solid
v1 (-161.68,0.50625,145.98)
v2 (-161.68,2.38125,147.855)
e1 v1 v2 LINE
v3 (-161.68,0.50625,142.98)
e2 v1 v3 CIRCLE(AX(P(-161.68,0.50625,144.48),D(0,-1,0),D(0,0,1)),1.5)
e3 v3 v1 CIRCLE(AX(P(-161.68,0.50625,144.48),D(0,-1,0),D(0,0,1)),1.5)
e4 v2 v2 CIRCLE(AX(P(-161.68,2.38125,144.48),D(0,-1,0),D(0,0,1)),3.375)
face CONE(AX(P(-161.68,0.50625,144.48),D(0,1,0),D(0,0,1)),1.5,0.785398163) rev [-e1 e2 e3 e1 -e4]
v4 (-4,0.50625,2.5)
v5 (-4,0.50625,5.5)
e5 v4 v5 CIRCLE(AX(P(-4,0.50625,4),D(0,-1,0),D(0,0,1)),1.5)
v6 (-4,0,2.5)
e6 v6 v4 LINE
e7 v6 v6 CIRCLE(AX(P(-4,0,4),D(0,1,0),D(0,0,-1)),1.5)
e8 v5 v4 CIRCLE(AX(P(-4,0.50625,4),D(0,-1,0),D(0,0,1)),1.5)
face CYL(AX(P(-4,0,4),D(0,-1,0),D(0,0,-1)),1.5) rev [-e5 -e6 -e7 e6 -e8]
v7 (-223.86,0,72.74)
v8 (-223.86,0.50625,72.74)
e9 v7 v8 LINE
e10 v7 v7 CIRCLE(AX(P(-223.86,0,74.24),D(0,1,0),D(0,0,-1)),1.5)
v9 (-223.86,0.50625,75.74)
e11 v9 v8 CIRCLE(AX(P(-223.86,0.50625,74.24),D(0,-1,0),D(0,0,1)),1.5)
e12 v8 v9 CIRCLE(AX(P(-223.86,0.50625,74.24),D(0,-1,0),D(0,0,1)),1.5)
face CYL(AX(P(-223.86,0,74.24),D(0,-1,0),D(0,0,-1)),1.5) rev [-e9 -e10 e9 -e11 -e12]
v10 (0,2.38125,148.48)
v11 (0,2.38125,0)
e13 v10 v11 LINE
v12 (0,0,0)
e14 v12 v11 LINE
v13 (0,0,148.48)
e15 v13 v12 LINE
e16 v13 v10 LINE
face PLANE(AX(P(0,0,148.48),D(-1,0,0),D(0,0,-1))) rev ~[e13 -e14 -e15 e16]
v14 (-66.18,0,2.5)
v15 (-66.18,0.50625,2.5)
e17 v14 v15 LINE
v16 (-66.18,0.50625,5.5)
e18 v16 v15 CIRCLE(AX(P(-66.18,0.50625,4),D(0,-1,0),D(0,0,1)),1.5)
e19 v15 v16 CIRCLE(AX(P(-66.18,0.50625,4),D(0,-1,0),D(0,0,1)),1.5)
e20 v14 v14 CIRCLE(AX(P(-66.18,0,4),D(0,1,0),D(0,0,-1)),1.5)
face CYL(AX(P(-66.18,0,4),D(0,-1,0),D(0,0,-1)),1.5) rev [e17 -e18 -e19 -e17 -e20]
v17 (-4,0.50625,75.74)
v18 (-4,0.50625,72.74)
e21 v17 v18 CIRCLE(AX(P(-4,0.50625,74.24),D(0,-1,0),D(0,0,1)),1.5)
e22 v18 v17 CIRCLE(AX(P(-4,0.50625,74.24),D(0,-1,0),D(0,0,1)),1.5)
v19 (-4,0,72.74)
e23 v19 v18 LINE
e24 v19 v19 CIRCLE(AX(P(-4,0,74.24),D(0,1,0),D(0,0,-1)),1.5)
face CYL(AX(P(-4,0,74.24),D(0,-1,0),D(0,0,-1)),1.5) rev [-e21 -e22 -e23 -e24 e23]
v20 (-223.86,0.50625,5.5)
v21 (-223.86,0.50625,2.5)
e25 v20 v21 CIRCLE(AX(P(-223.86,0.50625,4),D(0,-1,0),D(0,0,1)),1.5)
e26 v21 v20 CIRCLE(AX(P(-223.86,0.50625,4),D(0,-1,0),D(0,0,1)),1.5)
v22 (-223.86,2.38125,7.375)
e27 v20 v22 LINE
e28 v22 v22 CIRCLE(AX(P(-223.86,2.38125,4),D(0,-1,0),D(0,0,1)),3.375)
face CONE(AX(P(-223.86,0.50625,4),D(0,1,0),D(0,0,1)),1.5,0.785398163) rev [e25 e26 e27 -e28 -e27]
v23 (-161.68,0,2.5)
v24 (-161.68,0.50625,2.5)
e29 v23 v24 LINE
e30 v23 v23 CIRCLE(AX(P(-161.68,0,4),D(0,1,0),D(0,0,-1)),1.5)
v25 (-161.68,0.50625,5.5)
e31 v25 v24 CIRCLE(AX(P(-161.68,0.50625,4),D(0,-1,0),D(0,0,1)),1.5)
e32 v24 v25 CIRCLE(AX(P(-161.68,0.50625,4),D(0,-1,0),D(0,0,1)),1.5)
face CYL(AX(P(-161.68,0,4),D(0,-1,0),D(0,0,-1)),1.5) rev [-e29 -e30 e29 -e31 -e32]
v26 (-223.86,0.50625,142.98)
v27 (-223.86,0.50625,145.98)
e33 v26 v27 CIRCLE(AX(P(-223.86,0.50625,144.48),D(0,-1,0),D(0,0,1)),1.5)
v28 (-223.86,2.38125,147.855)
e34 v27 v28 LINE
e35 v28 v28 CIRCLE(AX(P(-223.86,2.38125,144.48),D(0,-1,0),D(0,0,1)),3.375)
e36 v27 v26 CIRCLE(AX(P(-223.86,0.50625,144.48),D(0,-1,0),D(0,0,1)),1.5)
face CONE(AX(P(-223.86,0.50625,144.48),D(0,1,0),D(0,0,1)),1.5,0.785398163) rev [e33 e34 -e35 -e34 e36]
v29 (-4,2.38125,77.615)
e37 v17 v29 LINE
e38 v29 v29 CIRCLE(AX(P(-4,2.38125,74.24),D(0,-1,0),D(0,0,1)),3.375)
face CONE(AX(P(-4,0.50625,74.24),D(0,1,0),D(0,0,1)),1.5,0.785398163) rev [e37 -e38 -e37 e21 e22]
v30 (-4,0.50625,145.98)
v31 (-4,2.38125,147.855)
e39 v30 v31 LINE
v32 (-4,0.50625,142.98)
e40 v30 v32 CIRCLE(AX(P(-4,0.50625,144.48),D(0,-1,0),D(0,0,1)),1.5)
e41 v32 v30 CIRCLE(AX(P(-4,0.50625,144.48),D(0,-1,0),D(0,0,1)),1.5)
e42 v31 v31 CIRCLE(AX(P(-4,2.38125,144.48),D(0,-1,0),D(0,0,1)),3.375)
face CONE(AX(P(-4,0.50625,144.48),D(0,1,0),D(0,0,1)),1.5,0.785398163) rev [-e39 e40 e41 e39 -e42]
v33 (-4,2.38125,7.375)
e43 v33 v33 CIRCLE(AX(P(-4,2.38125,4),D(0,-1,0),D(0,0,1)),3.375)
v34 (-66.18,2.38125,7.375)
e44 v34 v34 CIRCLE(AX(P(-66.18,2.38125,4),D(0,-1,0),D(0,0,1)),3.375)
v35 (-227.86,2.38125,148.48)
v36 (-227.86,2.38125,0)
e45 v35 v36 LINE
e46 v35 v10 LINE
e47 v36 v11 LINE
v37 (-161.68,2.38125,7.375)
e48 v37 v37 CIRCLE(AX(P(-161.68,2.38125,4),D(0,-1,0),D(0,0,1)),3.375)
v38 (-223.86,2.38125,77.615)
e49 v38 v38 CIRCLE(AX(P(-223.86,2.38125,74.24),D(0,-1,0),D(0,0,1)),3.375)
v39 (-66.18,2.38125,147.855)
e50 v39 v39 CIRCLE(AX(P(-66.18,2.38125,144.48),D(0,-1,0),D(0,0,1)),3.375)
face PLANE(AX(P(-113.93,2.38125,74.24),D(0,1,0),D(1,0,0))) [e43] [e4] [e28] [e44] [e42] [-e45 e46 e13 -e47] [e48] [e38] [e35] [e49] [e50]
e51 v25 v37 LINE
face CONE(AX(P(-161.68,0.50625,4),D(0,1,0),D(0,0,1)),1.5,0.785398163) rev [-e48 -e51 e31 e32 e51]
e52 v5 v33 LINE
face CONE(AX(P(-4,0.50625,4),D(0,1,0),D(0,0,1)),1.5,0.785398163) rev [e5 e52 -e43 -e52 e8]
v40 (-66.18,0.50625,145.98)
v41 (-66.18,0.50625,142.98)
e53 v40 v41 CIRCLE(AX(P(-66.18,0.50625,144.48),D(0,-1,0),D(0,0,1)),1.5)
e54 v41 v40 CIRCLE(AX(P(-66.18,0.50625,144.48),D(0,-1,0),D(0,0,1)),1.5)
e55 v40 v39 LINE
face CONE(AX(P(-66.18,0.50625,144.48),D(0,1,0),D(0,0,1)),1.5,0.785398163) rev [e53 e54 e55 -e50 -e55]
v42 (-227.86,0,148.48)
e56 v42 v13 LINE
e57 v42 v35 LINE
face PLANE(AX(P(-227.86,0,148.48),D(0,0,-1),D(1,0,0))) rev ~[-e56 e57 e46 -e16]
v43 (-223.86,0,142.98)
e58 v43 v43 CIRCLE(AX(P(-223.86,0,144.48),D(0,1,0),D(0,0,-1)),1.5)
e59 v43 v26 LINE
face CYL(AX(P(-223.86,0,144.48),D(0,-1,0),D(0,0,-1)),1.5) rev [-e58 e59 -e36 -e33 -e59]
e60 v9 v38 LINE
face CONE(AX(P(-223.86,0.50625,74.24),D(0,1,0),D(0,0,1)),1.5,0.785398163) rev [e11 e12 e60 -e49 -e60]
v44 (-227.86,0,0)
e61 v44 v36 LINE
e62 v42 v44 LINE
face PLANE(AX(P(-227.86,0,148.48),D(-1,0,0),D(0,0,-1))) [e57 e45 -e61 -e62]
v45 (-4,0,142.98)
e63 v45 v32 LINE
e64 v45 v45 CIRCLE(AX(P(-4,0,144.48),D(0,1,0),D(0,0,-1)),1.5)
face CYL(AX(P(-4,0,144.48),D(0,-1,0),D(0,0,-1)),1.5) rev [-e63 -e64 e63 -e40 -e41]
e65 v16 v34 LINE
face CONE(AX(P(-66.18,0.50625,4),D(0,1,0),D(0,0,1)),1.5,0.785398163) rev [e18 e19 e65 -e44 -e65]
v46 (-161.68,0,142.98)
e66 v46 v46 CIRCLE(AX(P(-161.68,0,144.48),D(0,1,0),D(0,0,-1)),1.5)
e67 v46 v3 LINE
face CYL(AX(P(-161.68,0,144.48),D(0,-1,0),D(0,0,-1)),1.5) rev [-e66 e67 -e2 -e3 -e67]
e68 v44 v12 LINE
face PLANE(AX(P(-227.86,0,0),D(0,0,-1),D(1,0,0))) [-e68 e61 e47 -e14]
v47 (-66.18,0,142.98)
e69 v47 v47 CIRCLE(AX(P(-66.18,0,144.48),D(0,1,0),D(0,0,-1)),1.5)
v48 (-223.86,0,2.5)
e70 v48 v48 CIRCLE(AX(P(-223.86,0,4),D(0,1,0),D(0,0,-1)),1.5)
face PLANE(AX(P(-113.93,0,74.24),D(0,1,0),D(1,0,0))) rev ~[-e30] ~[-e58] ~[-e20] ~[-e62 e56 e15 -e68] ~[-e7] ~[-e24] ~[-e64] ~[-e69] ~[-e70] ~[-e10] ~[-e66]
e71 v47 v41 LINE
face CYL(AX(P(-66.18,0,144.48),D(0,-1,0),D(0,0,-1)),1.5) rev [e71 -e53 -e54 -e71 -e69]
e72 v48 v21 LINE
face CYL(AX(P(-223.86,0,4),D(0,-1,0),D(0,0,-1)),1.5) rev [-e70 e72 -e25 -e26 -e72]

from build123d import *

# Parameters (mm, degrees)
SKETCH1_W                                      = 227.86
SKETCH1_H                                      = 148.48
SKETCH1_R                                      = 1.5
BOSS_EXTRUDE1_DEPTH                            = 2.38125
CSK_FOR_M3_FLAT_HEAD_MACHINE_SCREW6_AT_2_COUNT = 2
CSK_FOR_M3_FLAT_HEAD_MACHINE_SCREW6_AT_2_PITCH = 62.18
CSK_FOR_M3_FLAT_HEAD_MACHINE_SCREW6_AT_3_COUNT = 2
CSK_FOR_M3_FLAT_HEAD_MACHINE_SCREW6_AT_3_PITCH = 219.86
CSK_FOR_M3_FLAT_HEAD_MACHINE_SCREW6_AT_4_COUNT = 2
CSK_FOR_M3_FLAT_HEAD_MACHINE_SCREW6_AT_4_PITCH = 157.68
CSK_FOR_M3_FLAT_HEAD_MACHINE_SCREW6_AT_5_COUNT = 2
CSK_FOR_M3_FLAT_HEAD_MACHINE_SCREW6_AT_5_PITCH = 260.908125592
CSK_FOR_M3_FLAT_HEAD_MACHINE_SCREW6_AT_6_COUNT = 2
CSK_FOR_M3_FLAT_HEAD_MACHINE_SCREW6_AT_6_PITCH = 211.181468884
CSK_FOR_M3_FLAT_HEAD_MACHINE_SCREW6_AT_7_COUNT = 2
CSK_FOR_M3_FLAT_HEAD_MACHINE_SCREW6_AT_7_PITCH = 153.626113666
CSK_FOR_M3_FLAT_HEAD_MACHINE_SCREW6_AT_8_COUNT = 2
CSK_FOR_M3_FLAT_HEAD_MACHINE_SCREW6_AT_8_PITCH = 140.48
CSK_FOR_M3_FLAT_HEAD_MACHINE_SCREW7_AT_2_COUNT = 2
CSK_FOR_M3_FLAT_HEAD_MACHINE_SCREW7_AT_2_PITCH = 219.86


with BuildPart() as part:
    # Sketch1 → Boss-Extrude1 (new body)
    with BuildSketch(Plane(origin=(0, 0, 0), x_dir=(1, 0, 0), z_dir=(0, 1, 0))):
        with Locations((-113.93, -74.24)):
            Rectangle(SKETCH1_W, SKETCH1_H)
        with Locations(Location((-4, -74.24, 0), (0, 0, 90))):
            Circle(SKETCH1_R, mode=Mode.SUBTRACT)
        with Locations(Location((-223.86, -74.24, 0), (0, 0, 90))):
            Circle(SKETCH1_R, mode=Mode.SUBTRACT)
        with Locations(Location((-161.68, -144.48, 0), (0, 0, 90))):
            Circle(SKETCH1_R, mode=Mode.SUBTRACT)
        with Locations(Location((-66.18, -144.48, 0), (0, 0, 90))):
            Circle(SKETCH1_R, mode=Mode.SUBTRACT)
        with Locations(Location((-66.18, -4, 0), (0, 0, 90))):
            Circle(SKETCH1_R, mode=Mode.SUBTRACT)
        with Locations(Location((-161.68, -4, 0), (0, 0, 90))):
            Circle(SKETCH1_R, mode=Mode.SUBTRACT)
        with Locations(Location((-4, -144.48, 0), (0, 0, 90))):
            Circle(SKETCH1_R, mode=Mode.SUBTRACT)
        with Locations(Location((-223.86, -144.48, 0), (0, 0, 90))):
            Circle(SKETCH1_R, mode=Mode.SUBTRACT)
        with Locations(Location((-223.86, -4, 0), (0, 0, 90))):
            Circle(SKETCH1_R, mode=Mode.SUBTRACT)
        with Locations(Location((-4, -4, 0), (0, 0, 90))):
            Circle(SKETCH1_R, mode=Mode.SUBTRACT)
    extrude(amount=BOSS_EXTRUDE1_DEPTH)

    # Sketch22 → CSK for M3 Flat Head Machine Screw6 (revolve, cut)
    with BuildSketch(Plane(origin=(-4, 2.38125, 144.48), x_dir=(0, 0, 1), z_dir=(1, 0, 0))):
        Polygon((0, 0), (0, 2.38125), (1.5, 2.38125), (1.5, 1.875), (3.375, 0), align=None)
    csk_for_m3_flat_head_machine_screw6 = revolve(axis=Axis((-4, 8.73125, 144.48), (0, -1, 0)), mode=Mode.SUBTRACT)

    # CSK for M3 Flat Head Machine Screw6 at 2: CSK for M3 Flat Head Machine Screw6 ×2
    with Locations(*[(-i * CSK_FOR_M3_FLAT_HEAD_MACHINE_SCREW6_AT_2_PITCH, 0, 0) for i in range(1, CSK_FOR_M3_FLAT_HEAD_MACHINE_SCREW6_AT_2_COUNT)]):
        add(csk_for_m3_flat_head_machine_screw6, mode=Mode.SUBTRACT)

    # CSK for M3 Flat Head Machine Screw6 at 3: CSK for M3 Flat Head Machine Screw6 ×2
    with Locations(*[(-i * CSK_FOR_M3_FLAT_HEAD_MACHINE_SCREW6_AT_3_PITCH, 0, 0) for i in range(1, CSK_FOR_M3_FLAT_HEAD_MACHINE_SCREW6_AT_3_COUNT)]):
        add(csk_for_m3_flat_head_machine_screw6, mode=Mode.SUBTRACT)

    # CSK for M3 Flat Head Machine Screw6 at 4: CSK for M3 Flat Head Machine Screw6 ×2
    with Locations(*[(-i * CSK_FOR_M3_FLAT_HEAD_MACHINE_SCREW6_AT_4_PITCH, 0, 0) for i in range(1, CSK_FOR_M3_FLAT_HEAD_MACHINE_SCREW6_AT_4_COUNT)]):
        add(csk_for_m3_flat_head_machine_screw6, mode=Mode.SUBTRACT)

    # CSK for M3 Flat Head Machine Screw6 at 5: CSK for M3 Flat Head Machine Screw6 ×2
    with Locations(*[Vector(-0.8426721072830771, 0, -0.5384270791918794) * (i * CSK_FOR_M3_FLAT_HEAD_MACHINE_SCREW6_AT_5_PITCH) for i in range(1, CSK_FOR_M3_FLAT_HEAD_MACHINE_SCREW6_AT_5_COUNT)]):
        add(csk_for_m3_flat_head_machine_screw6, mode=Mode.SUBTRACT)

    # CSK for M3 Flat Head Machine Screw6 at 6: CSK for M3 Flat Head Machine Screw6 ×2
    with Locations(*[Vector(-0.7466564222385392, 0, -0.6652098820146497) * (i * CSK_FOR_M3_FLAT_HEAD_MACHINE_SCREW6_AT_6_PITCH) for i in range(1, CSK_FOR_M3_FLAT_HEAD_MACHINE_SCREW6_AT_6_COUNT)]):
        add(csk_for_m3_flat_head_machine_screw6, mode=Mode.SUBTRACT)

    # CSK for M3 Flat Head Machine Screw6 at 7: CSK for M3 Flat Head Machine Screw6 ×2
    with Locations(*[Vector(-0.40474889663187463, 0, -0.9144278706794101) * (i * CSK_FOR_M3_FLAT_HEAD_MACHINE_SCREW6_AT_7_PITCH) for i in range(1, CSK_FOR_M3_FLAT_HEAD_MACHINE_SCREW6_AT_7_COUNT)]):
        add(csk_for_m3_flat_head_machine_screw6, mode=Mode.SUBTRACT)

    # CSK for M3 Flat Head Machine Screw6 at 8: CSK for M3 Flat Head Machine Screw6 ×2
    with Locations(*[(0, 0, -i * CSK_FOR_M3_FLAT_HEAD_MACHINE_SCREW6_AT_8_PITCH) for i in range(1, CSK_FOR_M3_FLAT_HEAD_MACHINE_SCREW6_AT_8_COUNT)]):
        add(csk_for_m3_flat_head_machine_screw6, mode=Mode.SUBTRACT)

    # Sketch24 → CSK for M3 Flat Head Machine Screw7 (revolve, cut)
    with BuildSketch(Plane(origin=(-4, 2.38125, 74.24), x_dir=(0, 0, 1), z_dir=(1, 0, 0))):
        Polygon((0, 0), (0, 2.38125), (1.5, 2.38125), (1.5, 1.875), (3.375, 0), align=None)
    csk_for_m3_flat_head_machine_screw7 = revolve(axis=Axis((-4, 8.73125, 74.24), (0, -1, 0)), mode=Mode.SUBTRACT)

    # CSK for M3 Flat Head Machine Screw7 at 2: CSK for M3 Flat Head Machine Screw7 ×2
    with Locations(*[(-i * CSK_FOR_M3_FLAT_HEAD_MACHINE_SCREW7_AT_2_PITCH, 0, 0) for i in range(1, CSK_FOR_M3_FLAT_HEAD_MACHINE_SCREW7_AT_2_COUNT)]):
        add(csk_for_m3_flat_head_machine_screw7, mode=Mode.SUBTRACT)


solid = part.part
